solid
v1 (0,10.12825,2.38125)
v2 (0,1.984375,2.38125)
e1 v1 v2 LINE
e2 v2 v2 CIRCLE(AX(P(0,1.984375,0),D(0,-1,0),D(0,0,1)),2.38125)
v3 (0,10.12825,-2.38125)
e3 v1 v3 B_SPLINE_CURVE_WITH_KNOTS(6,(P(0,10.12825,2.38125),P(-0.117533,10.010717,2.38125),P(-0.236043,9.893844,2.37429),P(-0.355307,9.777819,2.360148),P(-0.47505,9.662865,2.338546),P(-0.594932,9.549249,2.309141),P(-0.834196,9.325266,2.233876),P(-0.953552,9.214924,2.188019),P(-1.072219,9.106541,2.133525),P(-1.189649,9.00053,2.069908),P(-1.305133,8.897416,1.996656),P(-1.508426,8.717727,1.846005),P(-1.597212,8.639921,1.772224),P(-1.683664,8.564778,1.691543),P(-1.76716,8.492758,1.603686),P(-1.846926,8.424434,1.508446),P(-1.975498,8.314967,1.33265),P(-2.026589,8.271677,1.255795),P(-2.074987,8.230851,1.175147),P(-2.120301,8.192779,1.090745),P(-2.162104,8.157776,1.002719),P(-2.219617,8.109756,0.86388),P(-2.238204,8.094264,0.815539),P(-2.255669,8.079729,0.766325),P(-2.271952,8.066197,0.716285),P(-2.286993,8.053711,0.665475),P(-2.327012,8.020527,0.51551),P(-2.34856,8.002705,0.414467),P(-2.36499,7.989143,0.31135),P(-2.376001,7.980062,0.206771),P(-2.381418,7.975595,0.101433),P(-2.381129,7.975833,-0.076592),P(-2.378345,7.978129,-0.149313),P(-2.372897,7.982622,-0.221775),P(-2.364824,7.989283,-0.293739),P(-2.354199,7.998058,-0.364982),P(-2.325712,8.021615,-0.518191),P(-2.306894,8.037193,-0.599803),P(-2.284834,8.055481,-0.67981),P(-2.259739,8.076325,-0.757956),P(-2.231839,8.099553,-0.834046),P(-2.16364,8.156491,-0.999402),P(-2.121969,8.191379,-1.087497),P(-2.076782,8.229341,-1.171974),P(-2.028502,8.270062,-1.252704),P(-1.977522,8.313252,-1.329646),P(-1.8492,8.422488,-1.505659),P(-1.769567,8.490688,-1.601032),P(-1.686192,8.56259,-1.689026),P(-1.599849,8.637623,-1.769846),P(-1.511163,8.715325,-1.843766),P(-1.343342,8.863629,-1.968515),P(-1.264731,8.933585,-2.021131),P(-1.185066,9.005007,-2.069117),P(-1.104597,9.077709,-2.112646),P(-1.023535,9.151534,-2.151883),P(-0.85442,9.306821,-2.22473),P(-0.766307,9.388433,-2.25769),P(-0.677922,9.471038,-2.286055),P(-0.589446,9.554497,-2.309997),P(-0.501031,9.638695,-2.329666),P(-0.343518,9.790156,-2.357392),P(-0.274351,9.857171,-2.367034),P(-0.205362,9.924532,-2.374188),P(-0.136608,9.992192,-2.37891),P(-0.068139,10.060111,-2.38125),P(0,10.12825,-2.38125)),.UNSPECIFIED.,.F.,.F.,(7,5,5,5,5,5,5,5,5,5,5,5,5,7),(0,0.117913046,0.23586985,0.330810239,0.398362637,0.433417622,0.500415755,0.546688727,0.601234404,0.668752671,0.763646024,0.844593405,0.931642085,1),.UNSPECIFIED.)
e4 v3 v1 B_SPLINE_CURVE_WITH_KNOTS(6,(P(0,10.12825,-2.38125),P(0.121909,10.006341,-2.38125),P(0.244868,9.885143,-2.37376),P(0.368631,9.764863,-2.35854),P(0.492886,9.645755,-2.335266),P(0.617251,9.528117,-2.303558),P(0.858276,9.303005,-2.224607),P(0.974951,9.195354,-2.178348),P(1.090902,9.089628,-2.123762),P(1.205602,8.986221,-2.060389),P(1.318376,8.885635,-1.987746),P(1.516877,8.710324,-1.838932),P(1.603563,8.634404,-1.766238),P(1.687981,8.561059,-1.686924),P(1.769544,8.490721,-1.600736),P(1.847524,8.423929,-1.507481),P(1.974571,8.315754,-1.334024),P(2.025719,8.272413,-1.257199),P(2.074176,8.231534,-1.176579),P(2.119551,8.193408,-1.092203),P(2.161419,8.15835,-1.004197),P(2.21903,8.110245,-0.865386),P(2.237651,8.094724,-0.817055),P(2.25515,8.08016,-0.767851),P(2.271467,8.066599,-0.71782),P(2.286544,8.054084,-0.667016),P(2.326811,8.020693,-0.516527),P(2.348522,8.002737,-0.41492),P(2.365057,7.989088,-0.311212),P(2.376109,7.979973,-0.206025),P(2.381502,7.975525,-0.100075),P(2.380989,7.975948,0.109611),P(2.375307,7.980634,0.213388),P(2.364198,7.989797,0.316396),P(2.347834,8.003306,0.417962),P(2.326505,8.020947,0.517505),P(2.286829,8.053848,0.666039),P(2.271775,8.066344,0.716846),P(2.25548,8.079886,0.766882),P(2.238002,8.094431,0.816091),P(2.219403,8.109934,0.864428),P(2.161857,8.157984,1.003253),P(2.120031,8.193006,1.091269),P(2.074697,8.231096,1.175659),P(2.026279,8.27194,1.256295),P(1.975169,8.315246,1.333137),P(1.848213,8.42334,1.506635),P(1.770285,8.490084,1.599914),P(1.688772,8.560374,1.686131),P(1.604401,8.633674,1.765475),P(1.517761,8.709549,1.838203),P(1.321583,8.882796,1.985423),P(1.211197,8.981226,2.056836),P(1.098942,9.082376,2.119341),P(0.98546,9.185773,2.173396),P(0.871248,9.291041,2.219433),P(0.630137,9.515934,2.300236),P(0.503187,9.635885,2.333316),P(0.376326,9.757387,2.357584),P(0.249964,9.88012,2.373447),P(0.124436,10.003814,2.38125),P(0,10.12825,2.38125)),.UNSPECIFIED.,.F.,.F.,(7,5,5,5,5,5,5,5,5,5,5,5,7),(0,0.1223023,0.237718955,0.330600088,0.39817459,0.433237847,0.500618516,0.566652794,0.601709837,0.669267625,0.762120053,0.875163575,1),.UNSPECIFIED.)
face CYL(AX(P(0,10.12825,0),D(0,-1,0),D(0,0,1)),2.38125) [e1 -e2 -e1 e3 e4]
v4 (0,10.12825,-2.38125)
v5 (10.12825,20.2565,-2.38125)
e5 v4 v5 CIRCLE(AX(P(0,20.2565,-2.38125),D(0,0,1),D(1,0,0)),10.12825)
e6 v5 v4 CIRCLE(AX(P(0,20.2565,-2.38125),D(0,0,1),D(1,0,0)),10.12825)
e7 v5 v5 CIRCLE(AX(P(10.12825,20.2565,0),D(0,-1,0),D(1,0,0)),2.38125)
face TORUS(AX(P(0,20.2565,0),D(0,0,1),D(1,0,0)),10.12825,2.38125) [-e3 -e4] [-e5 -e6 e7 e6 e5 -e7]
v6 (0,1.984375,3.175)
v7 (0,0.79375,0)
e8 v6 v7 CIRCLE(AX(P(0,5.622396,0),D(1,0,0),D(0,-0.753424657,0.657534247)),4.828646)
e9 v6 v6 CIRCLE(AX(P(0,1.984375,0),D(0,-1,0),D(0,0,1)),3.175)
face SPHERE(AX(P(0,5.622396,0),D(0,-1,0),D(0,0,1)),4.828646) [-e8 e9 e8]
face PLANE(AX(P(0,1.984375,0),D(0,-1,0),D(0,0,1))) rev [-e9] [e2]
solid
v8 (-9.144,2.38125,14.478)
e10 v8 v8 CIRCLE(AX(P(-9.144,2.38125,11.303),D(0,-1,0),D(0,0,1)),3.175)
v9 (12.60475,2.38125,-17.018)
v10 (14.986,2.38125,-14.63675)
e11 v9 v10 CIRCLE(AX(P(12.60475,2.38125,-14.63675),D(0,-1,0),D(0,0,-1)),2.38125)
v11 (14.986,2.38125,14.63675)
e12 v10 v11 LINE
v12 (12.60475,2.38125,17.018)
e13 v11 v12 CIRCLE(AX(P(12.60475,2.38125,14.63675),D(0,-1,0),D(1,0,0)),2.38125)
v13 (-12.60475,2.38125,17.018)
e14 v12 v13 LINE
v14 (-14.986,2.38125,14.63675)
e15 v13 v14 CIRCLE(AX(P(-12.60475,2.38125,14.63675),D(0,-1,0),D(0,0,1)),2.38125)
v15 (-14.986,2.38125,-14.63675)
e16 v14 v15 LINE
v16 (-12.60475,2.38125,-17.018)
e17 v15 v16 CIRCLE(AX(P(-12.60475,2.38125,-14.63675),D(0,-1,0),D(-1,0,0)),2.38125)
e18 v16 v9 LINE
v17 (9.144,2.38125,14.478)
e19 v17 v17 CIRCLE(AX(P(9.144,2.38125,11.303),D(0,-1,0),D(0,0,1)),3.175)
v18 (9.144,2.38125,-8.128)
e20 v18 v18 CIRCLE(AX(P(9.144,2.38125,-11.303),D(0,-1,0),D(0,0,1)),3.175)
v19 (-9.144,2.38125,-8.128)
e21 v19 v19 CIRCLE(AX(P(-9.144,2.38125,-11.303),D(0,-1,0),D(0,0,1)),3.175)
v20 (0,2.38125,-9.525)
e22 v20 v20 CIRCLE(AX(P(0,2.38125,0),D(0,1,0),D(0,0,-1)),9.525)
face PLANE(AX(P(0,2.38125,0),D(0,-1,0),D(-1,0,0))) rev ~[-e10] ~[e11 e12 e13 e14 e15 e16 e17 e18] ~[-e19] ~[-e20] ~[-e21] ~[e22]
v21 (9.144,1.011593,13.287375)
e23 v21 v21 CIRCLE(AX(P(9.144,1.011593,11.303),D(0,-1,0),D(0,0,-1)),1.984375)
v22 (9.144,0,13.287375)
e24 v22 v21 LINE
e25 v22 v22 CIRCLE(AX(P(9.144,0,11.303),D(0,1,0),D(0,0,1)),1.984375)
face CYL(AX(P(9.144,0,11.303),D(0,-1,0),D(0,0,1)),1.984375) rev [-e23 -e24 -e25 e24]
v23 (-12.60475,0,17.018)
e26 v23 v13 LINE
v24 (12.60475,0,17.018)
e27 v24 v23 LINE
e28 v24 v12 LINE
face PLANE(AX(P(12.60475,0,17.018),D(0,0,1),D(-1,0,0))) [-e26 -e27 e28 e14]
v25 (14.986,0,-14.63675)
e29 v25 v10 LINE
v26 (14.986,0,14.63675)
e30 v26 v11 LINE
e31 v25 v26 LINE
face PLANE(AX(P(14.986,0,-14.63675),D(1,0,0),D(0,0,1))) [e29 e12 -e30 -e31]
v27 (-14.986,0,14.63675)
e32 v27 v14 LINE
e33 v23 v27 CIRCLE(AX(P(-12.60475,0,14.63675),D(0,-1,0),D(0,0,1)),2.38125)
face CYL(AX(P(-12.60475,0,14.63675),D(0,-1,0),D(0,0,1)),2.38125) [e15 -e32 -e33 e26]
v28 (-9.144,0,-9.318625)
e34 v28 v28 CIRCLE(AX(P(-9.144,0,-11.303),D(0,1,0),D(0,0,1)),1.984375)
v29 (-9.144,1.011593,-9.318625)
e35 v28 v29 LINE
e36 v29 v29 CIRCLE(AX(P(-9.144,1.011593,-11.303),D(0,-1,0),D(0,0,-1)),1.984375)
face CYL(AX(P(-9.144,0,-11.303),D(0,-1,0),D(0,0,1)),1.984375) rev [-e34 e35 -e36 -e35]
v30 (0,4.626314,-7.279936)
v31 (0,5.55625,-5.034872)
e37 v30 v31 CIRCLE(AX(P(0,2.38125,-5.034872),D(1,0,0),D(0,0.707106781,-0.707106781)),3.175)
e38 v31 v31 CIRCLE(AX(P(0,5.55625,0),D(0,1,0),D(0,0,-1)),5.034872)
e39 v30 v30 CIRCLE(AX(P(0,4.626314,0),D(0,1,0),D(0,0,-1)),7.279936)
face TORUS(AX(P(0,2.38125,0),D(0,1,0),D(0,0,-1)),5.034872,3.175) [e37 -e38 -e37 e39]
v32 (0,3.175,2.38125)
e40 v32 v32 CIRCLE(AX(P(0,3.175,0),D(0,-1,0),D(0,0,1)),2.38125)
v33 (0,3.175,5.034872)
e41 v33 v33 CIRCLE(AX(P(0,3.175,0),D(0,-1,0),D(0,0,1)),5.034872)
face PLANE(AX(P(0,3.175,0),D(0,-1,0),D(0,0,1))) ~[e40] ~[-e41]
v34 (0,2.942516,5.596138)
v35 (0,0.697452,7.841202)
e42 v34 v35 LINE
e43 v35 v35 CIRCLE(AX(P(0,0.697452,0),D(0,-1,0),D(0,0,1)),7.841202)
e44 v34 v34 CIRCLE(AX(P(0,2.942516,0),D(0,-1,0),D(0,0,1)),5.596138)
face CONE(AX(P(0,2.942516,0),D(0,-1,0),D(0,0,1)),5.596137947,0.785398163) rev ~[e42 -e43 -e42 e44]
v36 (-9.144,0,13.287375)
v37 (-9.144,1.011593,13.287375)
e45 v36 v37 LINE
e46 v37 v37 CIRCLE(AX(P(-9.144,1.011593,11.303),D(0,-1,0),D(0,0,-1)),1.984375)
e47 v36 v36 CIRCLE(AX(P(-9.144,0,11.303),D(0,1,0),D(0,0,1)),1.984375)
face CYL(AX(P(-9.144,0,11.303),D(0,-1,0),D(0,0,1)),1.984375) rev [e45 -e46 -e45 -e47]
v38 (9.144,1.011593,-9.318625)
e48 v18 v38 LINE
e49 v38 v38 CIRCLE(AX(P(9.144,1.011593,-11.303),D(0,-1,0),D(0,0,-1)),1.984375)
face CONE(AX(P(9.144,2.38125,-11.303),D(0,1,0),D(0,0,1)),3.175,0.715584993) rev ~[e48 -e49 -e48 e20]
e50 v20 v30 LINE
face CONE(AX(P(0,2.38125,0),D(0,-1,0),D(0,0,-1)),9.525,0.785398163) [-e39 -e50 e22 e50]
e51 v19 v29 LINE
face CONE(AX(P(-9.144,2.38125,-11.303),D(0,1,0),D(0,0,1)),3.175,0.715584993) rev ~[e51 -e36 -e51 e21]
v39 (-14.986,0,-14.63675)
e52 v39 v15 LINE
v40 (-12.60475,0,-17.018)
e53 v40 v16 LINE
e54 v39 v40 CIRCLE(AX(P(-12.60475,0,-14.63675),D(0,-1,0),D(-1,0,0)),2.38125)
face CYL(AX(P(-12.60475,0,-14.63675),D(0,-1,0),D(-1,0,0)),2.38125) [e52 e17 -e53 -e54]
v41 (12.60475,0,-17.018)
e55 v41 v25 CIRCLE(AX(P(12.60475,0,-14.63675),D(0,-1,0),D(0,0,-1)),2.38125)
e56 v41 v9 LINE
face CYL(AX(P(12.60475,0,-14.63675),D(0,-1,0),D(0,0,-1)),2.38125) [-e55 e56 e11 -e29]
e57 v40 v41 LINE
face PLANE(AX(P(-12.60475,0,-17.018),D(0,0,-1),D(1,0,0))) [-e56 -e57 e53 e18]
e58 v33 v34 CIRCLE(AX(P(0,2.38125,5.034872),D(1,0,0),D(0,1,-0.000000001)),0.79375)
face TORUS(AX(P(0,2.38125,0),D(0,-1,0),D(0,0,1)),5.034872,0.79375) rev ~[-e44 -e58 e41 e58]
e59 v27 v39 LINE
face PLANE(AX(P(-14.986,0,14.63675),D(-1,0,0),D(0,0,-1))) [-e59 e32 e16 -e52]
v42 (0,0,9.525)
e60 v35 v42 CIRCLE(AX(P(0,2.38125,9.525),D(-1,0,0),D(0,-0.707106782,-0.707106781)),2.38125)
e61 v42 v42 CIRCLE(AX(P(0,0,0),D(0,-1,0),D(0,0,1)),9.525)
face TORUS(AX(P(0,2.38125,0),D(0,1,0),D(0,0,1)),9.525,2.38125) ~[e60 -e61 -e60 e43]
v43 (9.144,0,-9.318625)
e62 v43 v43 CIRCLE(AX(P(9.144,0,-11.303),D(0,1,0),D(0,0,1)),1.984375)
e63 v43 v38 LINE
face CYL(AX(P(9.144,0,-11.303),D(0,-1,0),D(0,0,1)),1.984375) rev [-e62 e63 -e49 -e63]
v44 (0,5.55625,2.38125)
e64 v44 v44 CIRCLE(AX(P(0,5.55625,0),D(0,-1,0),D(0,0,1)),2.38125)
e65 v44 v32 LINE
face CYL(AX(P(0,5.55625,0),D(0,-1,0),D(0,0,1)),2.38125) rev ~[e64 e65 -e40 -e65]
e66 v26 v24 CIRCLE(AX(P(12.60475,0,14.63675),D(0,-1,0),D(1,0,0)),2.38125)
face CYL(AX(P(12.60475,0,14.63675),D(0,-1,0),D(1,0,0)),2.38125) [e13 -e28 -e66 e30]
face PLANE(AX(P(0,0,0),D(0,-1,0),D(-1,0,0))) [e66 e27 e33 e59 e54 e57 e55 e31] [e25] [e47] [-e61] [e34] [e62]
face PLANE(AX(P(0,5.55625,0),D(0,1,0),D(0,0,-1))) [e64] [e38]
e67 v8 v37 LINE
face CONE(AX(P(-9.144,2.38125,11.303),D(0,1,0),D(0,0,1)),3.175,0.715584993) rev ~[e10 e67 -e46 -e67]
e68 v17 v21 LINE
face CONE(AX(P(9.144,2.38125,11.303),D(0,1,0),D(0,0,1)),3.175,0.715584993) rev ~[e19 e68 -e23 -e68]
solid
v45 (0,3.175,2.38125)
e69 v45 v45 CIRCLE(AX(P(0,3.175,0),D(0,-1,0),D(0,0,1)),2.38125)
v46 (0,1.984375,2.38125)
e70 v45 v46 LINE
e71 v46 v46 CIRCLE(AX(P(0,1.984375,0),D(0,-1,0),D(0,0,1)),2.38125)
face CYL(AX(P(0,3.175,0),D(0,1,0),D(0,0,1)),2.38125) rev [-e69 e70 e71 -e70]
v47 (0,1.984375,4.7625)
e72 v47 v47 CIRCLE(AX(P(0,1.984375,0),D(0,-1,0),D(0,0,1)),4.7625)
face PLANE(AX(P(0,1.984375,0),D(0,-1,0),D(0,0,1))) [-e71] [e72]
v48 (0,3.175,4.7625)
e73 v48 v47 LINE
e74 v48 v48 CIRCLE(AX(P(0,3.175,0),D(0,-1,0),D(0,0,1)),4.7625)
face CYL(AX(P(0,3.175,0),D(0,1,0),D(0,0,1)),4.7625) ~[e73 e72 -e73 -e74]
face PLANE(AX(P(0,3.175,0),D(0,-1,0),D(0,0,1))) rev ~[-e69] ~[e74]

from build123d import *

# Parameters (mm, degrees)
BOSS_EXTRUDE1_DEPTH = 2.38125
CUT_EXTRUDE1_REACH  = 24.801
SKETCH2_R           = 1.984375
SKETCH6_R           = 4.7625
SKETCH6_R_2         = 2.38125
BOSS_EXTRUDE2_DEPTH = 1.190625
SKETCH9_R           = 2.38125


with BuildPart() as part:
    # Sketch1 → Boss-Extrude1 (new body)
    with BuildSketch(Plane(origin=(0, 0, 0), x_dir=(1, 0, 0), z_dir=(0, 1, 0))):
        with BuildLine():
            Line((-12.60475, 17.018), (12.60475, 17.018))
            ThreePointArc((12.60475, 17.018), (14.288548023, 16.320548023), (14.986, 14.63675))
            Line((14.986, 14.63675), (14.986, -14.63675))
            ThreePointArc((14.986, -14.63675), (14.288548023, -16.320548023), (12.60475, -17.018))
            Line((12.60475, -17.018), (-12.60475, -17.018))
            ThreePointArc((-12.60475, -17.018), (-14.288548023, -16.320548023), (-14.986, -14.63675))
            Line((-14.986, -14.63675), (-14.986, 14.63675))
            ThreePointArc((-14.986, 14.63675), (-14.288548023, 16.320548023), (-12.60475, 17.018))
        make_face()
    extrude(amount=BOSS_EXTRUDE1_DEPTH)

    # Sketch2 → Cut-Extrude1 (cut, up to next)
    with BuildSketch(Plane(origin=(0, 0, 0), x_dir=(1, 0, 0), z_dir=(0, 1, 0)), mode=Mode.PRIVATE) as cut_extrude1_sk1:
        with Locations(Location((-9.144, 11.303, 0), (0, 0, 270))):
            Circle(SKETCH2_R)
    cut_extrude1_tool1 = extrude(cut_extrude1_sk1.sketch, amount=CUT_EXTRUDE1_REACH, mode=Mode.PRIVATE) & part.part
    # Sketch2 → Cut-Extrude1 (cut, up to next)
    with BuildSketch(Plane(origin=(0, 0, 0), x_dir=(1, 0, 0), z_dir=(0, 1, 0)), mode=Mode.PRIVATE) as cut_extrude1_sk2:
        with Locations(Location((9.144, 11.303, 0), (0, 0, 270))):
            Circle(SKETCH2_R)
    cut_extrude1_tool2 = extrude(cut_extrude1_sk2.sketch, amount=CUT_EXTRUDE1_REACH, mode=Mode.PRIVATE) & part.part
    # Sketch2 → Cut-Extrude1 (cut, up to next)
    with BuildSketch(Plane(origin=(0, 0, 0), x_dir=(1, 0, 0), z_dir=(0, 1, 0)), mode=Mode.PRIVATE) as cut_extrude1_sk3:
        with Locations(Location((9.144, -11.303, 0), (0, 0, 270))):
            Circle(SKETCH2_R)
    cut_extrude1_tool3 = extrude(cut_extrude1_sk3.sketch, amount=CUT_EXTRUDE1_REACH, mode=Mode.PRIVATE) & part.part
    # Sketch2 → Cut-Extrude1 (cut, up to next)
    with BuildSketch(Plane(origin=(0, 0, 0), x_dir=(1, 0, 0), z_dir=(0, 1, 0)), mode=Mode.PRIVATE) as cut_extrude1_sk4:
        with Locations(Location((-9.144, -11.303, 0), (0, 0, 270))):
            Circle(SKETCH2_R)
    cut_extrude1_tool4 = extrude(cut_extrude1_sk4.sketch, amount=CUT_EXTRUDE1_REACH, mode=Mode.PRIVATE) & part.part
    add(cut_extrude1_tool1.solids().sort_by_distance((-9.144, 0, -11.303))[0], mode=Mode.SUBTRACT)
    add(cut_extrude1_tool2.solids().sort_by_distance((9.144, 0, -11.303))[0], mode=Mode.SUBTRACT)
    add(cut_extrude1_tool3.solids().sort_by_distance((9.144, 0, 11.303))[0], mode=Mode.SUBTRACT)
    add(cut_extrude1_tool4.solids().sort_by_distance((-9.144, 0, 11.303))[0], mode=Mode.SUBTRACT)

    # Cut-Extrude2 cone 1 section (through the dimple's axis) → Cut-Extrude2 (revolve, cut)
    with BuildSketch(Plane(origin=(-9.144, 2.38125, -11.303), x_dir=(0, 0, 1), z_dir=(1, 0, 0))):
        Polygon((0, 0), (3.175, 0), (0, 3.652419693), align=None)
    revolve(axis=Axis((-9.144, 2.38125, -11.303), (0, -1, 0)), mode=Mode.SUBTRACT)

    # Cut-Extrude2 cone 2 section (through the dimple's axis) → Cut-Extrude2 cone 2 (revolve, cut)
    with BuildSketch(Plane(origin=(9.144, 2.38125, -11.303), x_dir=(0, 0, 1), z_dir=(1, 0, 0))):
        Polygon((0, 0), (3.175, 0), (0, 3.652419693), align=None)
    revolve(axis=Axis((9.144, 2.38125, -11.303), (0, -1, 0)), mode=Mode.SUBTRACT)

    # Cut-Extrude2 cone 3 section (through the dimple's axis) → Cut-Extrude2 cone 3 (revolve, cut)
    with BuildSketch(Plane(origin=(9.144, 2.38125, 11.303), x_dir=(0, 0, 1), z_dir=(1, 0, 0))):
        Polygon((0, 0), (3.175, 0), (0, 3.652419693), align=None)
    revolve(axis=Axis((9.144, 2.38125, 11.303), (0, -1, 0)), mode=Mode.SUBTRACT)

    # Cut-Extrude2 cone 4 section (through the dimple's axis) → Cut-Extrude2 cone 4 (revolve, cut)
    with BuildSketch(Plane(origin=(-9.144, 2.38125, 11.303), x_dir=(0, 0, 1), z_dir=(1, 0, 0))):
        Polygon((0, 0), (3.175, 0), (0, 3.652419693), align=None)
    revolve(axis=Axis((-9.144, 2.38125, 11.303), (0, -1, 0)), mode=Mode.SUBTRACT)

    # Sketch4 → Revolve1 (revolve)
    with BuildSketch(Plane.XY, mode=Mode.PRIVATE) as revolve1_sk:
        with BuildLine():
            Line((-9.525, 2.38125), (-7.27993597, 4.62631403))
            ThreePointArc((-7.27993597, 4.62631403), (-6.249891837, 5.314567516), (-5.034871939, 5.55625))
            Line((-5.034871939, 5.55625), (0, 5.55625))
            Line((0, 5.55625), (0, 2.38125))
            Line((0, 2.38125), (-9.525, 2.38125))
        make_face()
    revolve(revolve1_sk.sketch.rotate(Axis((0, 0, 0), (0, 1, 0)), 270), axis=Axis((0, 0, 0), (0, 1, 0)))

    # Sketch5 → Cut-Revolve1 (revolve, cut)
    with BuildSketch(Plane.XY, mode=Mode.PRIVATE) as cut_revolve1_sk:
        with BuildLine():
            Line((0, 5.55625), (-2.38125, 5.55625))
            Line((-2.38125, 5.55625), (-2.38125, 3.175))
            Line((-2.38125, 3.175), (-5.034871939, 3.175))
            ThreePointArc((-5.034871939, 3.175), (-5.338626914, 3.114579379), (-5.596137947, 2.942516008))
            Line((-5.596137947, 2.942516008), (-7.841201977, 0.697451977))
            ThreePointArc((-7.841201977, 0.697451977), (-8.613735077, 0.181261863), (-9.525, 0))
            Line((-9.525, 0), (0, 0))
            Line((0, 0), (0, 5.55625))
        make_face()
    revolve(cut_revolve1_sk.sketch.rotate(Axis((0, 32.766, 0), (0, -1, 0)), 270), axis=Axis((0, 32.766, 0), (0, -1, 0)), mode=Mode.SUBTRACT)


with BuildPart() as body_2:
    # Sketch6 → Boss-Extrude2 (new body)
    with BuildSketch(Plane.XZ.offset(-3.175)):
        with Locations(Location((0, 0, 0), (0, 0, 90))):
            Circle(SKETCH6_R)
        with Locations(Location((0, 0, 0), (0, 0, 90))):
            Circle(SKETCH6_R_2, mode=Mode.SUBTRACT)
    extrude(amount=BOSS_EXTRUDE2_DEPTH)


with BuildPart() as body_3:
    # Sketch7 → Revolve2 (revolve)
    with BuildSketch(Plane.XY, mode=Mode.PRIVATE) as revolve2_sk:
        with BuildLine():
            Line((-2.38125, 10.12825), (-2.38125, 1.984375))
            Line((-2.38125, 1.984375), (-3.175, 1.984375))
            ThreePointArc((-3.175, 1.984375), (-1.695450743, 1.101193851), (0, 0.79375))
            Line((0, 0.79375), (0, 10.12825))
            Line((0, 10.12825), (-2.38125, 10.12825))
        make_face()
    revolve(revolve2_sk.sketch.rotate(Axis((0, 32.766, 0), (0, -1, 0)), 270), axis=Axis((0, 32.766, 0), (0, -1, 0)))

    # Sweep1: sweep along a path in Sketch8
    with BuildLine(Plane.XY) as sweep1_path:
        CenterArc((0, 20.2565), 10.12825, 0, 360)
    # Sketch9 → Sweep1 (sweep)
    with BuildSketch(Plane(origin=(0, 0, 0), x_dir=(0, 0, -1), z_dir=(1, 0, 0))):
        with Locations((0, 30.38475)):
            Circle(SKETCH9_R)
    sweep(path=sweep1_path.line)


solid = Compound([part.part, body_2.part, body_3.part])
